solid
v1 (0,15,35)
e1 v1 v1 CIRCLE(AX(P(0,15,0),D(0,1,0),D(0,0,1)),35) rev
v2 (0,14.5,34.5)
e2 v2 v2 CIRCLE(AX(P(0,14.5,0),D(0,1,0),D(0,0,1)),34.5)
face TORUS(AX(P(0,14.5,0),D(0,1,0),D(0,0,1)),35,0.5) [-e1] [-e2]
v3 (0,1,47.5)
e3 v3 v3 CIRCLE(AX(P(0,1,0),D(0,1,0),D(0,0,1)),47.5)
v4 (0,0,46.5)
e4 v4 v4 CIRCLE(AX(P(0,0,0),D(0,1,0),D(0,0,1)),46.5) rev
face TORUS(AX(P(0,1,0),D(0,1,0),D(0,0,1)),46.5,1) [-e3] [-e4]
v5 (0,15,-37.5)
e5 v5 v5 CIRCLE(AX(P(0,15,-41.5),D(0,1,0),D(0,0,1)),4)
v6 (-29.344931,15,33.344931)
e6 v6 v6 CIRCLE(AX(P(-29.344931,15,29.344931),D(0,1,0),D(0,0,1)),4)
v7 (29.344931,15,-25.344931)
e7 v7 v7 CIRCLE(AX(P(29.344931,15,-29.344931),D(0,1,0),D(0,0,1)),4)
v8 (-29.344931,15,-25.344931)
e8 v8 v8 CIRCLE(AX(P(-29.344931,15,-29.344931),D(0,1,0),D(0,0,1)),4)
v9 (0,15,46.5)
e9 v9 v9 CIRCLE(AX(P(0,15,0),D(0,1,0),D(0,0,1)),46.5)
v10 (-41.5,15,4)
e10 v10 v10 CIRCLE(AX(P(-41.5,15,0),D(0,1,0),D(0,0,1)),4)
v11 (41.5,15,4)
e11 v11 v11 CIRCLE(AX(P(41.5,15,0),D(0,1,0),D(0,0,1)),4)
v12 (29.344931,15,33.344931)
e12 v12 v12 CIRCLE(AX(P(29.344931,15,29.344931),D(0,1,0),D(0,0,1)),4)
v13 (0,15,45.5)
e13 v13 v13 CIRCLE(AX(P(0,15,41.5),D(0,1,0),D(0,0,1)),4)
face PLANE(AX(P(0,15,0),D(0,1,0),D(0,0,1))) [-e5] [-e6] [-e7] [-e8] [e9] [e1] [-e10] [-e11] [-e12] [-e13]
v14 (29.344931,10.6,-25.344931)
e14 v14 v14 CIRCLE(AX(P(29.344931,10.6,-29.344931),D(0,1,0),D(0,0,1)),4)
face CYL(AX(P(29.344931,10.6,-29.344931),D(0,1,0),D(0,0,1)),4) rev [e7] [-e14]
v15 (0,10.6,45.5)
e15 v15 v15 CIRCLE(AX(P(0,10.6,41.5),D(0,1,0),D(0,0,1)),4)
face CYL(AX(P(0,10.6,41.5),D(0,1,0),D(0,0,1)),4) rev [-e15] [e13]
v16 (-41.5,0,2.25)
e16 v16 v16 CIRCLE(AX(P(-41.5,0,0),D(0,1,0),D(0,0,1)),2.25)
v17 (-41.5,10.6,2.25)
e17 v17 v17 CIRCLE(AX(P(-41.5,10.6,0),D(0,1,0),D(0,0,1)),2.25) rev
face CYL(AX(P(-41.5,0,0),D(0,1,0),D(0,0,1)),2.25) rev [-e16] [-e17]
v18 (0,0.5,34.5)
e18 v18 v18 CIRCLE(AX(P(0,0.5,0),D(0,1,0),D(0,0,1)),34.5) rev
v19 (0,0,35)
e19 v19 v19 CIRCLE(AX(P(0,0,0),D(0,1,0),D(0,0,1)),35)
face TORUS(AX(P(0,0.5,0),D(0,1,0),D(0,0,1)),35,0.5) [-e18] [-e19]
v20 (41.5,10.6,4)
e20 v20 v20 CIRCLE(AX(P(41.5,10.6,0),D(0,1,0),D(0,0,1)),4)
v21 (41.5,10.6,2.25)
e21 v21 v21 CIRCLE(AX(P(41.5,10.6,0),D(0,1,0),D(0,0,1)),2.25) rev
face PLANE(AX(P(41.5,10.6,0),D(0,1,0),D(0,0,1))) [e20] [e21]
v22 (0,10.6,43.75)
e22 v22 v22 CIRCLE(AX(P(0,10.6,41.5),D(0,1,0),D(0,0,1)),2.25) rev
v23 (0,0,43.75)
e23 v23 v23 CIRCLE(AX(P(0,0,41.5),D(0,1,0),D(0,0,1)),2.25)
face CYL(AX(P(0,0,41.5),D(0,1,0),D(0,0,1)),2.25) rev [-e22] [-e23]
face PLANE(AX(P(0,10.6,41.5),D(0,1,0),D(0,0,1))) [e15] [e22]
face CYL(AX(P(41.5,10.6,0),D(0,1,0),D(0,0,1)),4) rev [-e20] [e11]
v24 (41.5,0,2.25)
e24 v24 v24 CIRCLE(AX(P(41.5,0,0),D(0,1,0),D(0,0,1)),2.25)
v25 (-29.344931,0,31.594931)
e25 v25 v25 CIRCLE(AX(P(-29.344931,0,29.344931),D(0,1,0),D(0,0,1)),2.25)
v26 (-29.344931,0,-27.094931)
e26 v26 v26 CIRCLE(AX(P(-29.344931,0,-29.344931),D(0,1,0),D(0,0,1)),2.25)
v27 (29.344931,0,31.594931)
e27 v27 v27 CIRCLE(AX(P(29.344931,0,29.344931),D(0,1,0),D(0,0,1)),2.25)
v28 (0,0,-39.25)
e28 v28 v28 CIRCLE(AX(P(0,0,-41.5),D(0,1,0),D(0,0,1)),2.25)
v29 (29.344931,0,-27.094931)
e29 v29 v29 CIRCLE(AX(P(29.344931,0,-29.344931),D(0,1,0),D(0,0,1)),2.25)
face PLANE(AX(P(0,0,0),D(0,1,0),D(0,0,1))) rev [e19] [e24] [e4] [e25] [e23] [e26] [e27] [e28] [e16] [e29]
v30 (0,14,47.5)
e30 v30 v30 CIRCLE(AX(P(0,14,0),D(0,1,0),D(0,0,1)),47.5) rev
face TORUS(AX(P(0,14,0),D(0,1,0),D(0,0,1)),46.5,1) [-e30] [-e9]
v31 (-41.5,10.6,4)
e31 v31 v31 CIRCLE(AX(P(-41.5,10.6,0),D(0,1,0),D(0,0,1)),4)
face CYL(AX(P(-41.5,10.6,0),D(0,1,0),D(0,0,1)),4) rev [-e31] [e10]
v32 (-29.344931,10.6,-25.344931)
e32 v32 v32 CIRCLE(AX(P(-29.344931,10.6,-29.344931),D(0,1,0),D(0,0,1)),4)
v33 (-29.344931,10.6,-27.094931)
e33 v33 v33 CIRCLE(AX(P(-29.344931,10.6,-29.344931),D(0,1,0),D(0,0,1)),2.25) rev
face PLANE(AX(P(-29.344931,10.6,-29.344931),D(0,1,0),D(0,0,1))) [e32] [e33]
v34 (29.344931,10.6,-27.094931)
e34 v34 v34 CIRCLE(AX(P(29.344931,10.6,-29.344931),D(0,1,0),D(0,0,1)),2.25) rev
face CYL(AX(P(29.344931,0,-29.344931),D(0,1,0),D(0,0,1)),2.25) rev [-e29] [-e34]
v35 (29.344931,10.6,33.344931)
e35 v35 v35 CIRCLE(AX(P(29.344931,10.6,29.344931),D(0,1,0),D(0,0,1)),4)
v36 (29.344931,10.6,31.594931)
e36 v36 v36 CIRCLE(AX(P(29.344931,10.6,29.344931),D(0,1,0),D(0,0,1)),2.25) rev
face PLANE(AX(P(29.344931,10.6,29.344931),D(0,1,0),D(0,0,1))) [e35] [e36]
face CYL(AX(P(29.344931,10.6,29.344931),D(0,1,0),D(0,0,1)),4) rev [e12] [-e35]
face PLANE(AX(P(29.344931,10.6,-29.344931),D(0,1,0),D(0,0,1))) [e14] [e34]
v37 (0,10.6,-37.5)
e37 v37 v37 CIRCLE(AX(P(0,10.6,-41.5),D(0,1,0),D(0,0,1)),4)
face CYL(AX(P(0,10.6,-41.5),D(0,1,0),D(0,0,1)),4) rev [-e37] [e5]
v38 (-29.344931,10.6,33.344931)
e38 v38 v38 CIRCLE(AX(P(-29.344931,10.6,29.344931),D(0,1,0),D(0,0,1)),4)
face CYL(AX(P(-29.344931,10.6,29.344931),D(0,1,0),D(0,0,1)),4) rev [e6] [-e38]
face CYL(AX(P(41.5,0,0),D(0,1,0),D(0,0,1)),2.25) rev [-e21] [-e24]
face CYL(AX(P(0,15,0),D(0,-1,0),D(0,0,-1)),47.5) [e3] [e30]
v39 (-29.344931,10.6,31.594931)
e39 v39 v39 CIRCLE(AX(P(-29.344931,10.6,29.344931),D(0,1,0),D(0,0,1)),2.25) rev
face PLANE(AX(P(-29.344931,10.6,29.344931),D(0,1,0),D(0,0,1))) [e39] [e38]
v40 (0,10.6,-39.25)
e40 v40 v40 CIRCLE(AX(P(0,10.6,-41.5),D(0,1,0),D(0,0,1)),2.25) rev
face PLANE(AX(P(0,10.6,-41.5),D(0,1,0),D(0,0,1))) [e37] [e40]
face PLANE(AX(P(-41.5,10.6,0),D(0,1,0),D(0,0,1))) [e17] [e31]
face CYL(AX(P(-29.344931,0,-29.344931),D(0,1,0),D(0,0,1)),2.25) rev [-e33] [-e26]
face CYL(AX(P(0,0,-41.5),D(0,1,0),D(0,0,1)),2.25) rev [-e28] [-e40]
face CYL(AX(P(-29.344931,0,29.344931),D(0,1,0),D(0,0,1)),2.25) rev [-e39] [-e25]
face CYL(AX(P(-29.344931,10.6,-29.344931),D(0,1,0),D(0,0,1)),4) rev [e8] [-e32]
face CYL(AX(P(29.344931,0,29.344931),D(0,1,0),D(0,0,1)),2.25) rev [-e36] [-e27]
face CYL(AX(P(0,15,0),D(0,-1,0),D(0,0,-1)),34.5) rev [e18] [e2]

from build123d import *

# Parameters (mm, degrees)
SKETCH1_R           = 47.5
SKETCH1_R_2         = 34.5
BOSS_EXTRUDE1_DEPTH = 15
SKETCH2_R           = 2.25
CUT_EXTRUDE1_DEPTH  = 69.82949949
SKETCH3_R           = 4
CUT_EXTRUDE2_DEPTH  = 4.4
FILLET1_R           = 1
FILLET2_R           = 0.5


with BuildPart() as part:
    # Sketch1 → Boss-Extrude1 (new body)
    with BuildSketch(Plane(origin=(0, 0, 0), x_dir=(1, 0, 0), z_dir=(0, 1, 0))):
        with Locations(Location((0, 0, 0), (0, 0, 270))):
            Circle(SKETCH1_R)
        with Locations(Location((0, 0, 0), (0, 0, 270))):
            Circle(SKETCH1_R_2, mode=Mode.SUBTRACT)
    extrude(amount=BOSS_EXTRUDE1_DEPTH)

    # Sketch2 → Cut-Extrude1 (cut, through all)
    with BuildSketch(Plane(origin=(0, 15, 0), x_dir=(1, 0, 0), z_dir=(0, 1, 0))):
        with Locations(Location((0, 41.5, 0), (0, 0, 270))):
            Circle(SKETCH2_R)
        with Locations(Location((29.344931419, 29.344931419, 0), (0, 0, 270))):
            Circle(SKETCH2_R)
        with Locations(Location((41.5, 0, 0), (0, 0, 270))):
            Circle(SKETCH2_R)
        with Locations(Location((29.344931419, -29.344931419, 0), (0, 0, 270))):
            Circle(SKETCH2_R)
        with Locations(Location((0, -41.5, 0), (0, 0, 270))):
            Circle(SKETCH2_R)
        with Locations(Location((-29.344931419, -29.344931419, 0), (0, 0, 270))):
            Circle(SKETCH2_R)
        with Locations(Location((-41.5, 0, 0), (0, 0, 270))):
            Circle(SKETCH2_R)
        with Locations(Location((-29.344931419, 29.344931419, 0), (0, 0, 270))):
            Circle(SKETCH2_R)
    extrude(amount=-CUT_EXTRUDE1_DEPTH, mode=Mode.SUBTRACT)

    # Sketch3 → Cut-Extrude2 (cut)
    with BuildSketch(Plane(origin=(0, 15, 0), x_dir=(1, 0, 0), z_dir=(0, 1, 0))):
        with Locations(Location((0, 41.5, 0), (0, 0, 270))):
            Circle(SKETCH3_R)
        with Locations(Location((29.344931419, 29.344931419, 0), (0, 0, 270))):
            Circle(SKETCH3_R)
        with Locations(Location((41.5, 0, 0), (0, 0, 270))):
            Circle(SKETCH3_R)
        with Locations(Location((29.344931419, -29.344931419, 0), (0, 0, 270))):
            Circle(SKETCH3_R)
        with Locations(Location((0, -41.5, 0), (0, 0, 270))):
            Circle(SKETCH3_R)
        with Locations(Location((-29.344931419, -29.344931419, 0), (0, 0, 270))):
            Circle(SKETCH3_R)
        with Locations(Location((-41.5, 0, 0), (0, 0, 270))):
            Circle(SKETCH3_R)
        with Locations(Location((-29.344931419, 29.344931419, 0), (0, 0, 270))):
            Circle(SKETCH3_R)
    extrude(amount=-CUT_EXTRUDE2_DEPTH, mode=Mode.SUBTRACT)

    # Fillet1
    fillet1_edges = [part.edges().sort_by_distance(p)[0] for p in [
        (0, 0, -47.5),
        (0, 15, -47.5),
    ]]
    fillet(fillet1_edges, radius=FILLET1_R)

    # Fillet2
    fillet2_edges = [part.edges().sort_by_distance(p)[0] for p in [
        (0, 0, -34.5),
        (0, 15, -34.5),
    ]]
    fillet(fillet2_edges, radius=FILLET2_R)


solid = part.part
